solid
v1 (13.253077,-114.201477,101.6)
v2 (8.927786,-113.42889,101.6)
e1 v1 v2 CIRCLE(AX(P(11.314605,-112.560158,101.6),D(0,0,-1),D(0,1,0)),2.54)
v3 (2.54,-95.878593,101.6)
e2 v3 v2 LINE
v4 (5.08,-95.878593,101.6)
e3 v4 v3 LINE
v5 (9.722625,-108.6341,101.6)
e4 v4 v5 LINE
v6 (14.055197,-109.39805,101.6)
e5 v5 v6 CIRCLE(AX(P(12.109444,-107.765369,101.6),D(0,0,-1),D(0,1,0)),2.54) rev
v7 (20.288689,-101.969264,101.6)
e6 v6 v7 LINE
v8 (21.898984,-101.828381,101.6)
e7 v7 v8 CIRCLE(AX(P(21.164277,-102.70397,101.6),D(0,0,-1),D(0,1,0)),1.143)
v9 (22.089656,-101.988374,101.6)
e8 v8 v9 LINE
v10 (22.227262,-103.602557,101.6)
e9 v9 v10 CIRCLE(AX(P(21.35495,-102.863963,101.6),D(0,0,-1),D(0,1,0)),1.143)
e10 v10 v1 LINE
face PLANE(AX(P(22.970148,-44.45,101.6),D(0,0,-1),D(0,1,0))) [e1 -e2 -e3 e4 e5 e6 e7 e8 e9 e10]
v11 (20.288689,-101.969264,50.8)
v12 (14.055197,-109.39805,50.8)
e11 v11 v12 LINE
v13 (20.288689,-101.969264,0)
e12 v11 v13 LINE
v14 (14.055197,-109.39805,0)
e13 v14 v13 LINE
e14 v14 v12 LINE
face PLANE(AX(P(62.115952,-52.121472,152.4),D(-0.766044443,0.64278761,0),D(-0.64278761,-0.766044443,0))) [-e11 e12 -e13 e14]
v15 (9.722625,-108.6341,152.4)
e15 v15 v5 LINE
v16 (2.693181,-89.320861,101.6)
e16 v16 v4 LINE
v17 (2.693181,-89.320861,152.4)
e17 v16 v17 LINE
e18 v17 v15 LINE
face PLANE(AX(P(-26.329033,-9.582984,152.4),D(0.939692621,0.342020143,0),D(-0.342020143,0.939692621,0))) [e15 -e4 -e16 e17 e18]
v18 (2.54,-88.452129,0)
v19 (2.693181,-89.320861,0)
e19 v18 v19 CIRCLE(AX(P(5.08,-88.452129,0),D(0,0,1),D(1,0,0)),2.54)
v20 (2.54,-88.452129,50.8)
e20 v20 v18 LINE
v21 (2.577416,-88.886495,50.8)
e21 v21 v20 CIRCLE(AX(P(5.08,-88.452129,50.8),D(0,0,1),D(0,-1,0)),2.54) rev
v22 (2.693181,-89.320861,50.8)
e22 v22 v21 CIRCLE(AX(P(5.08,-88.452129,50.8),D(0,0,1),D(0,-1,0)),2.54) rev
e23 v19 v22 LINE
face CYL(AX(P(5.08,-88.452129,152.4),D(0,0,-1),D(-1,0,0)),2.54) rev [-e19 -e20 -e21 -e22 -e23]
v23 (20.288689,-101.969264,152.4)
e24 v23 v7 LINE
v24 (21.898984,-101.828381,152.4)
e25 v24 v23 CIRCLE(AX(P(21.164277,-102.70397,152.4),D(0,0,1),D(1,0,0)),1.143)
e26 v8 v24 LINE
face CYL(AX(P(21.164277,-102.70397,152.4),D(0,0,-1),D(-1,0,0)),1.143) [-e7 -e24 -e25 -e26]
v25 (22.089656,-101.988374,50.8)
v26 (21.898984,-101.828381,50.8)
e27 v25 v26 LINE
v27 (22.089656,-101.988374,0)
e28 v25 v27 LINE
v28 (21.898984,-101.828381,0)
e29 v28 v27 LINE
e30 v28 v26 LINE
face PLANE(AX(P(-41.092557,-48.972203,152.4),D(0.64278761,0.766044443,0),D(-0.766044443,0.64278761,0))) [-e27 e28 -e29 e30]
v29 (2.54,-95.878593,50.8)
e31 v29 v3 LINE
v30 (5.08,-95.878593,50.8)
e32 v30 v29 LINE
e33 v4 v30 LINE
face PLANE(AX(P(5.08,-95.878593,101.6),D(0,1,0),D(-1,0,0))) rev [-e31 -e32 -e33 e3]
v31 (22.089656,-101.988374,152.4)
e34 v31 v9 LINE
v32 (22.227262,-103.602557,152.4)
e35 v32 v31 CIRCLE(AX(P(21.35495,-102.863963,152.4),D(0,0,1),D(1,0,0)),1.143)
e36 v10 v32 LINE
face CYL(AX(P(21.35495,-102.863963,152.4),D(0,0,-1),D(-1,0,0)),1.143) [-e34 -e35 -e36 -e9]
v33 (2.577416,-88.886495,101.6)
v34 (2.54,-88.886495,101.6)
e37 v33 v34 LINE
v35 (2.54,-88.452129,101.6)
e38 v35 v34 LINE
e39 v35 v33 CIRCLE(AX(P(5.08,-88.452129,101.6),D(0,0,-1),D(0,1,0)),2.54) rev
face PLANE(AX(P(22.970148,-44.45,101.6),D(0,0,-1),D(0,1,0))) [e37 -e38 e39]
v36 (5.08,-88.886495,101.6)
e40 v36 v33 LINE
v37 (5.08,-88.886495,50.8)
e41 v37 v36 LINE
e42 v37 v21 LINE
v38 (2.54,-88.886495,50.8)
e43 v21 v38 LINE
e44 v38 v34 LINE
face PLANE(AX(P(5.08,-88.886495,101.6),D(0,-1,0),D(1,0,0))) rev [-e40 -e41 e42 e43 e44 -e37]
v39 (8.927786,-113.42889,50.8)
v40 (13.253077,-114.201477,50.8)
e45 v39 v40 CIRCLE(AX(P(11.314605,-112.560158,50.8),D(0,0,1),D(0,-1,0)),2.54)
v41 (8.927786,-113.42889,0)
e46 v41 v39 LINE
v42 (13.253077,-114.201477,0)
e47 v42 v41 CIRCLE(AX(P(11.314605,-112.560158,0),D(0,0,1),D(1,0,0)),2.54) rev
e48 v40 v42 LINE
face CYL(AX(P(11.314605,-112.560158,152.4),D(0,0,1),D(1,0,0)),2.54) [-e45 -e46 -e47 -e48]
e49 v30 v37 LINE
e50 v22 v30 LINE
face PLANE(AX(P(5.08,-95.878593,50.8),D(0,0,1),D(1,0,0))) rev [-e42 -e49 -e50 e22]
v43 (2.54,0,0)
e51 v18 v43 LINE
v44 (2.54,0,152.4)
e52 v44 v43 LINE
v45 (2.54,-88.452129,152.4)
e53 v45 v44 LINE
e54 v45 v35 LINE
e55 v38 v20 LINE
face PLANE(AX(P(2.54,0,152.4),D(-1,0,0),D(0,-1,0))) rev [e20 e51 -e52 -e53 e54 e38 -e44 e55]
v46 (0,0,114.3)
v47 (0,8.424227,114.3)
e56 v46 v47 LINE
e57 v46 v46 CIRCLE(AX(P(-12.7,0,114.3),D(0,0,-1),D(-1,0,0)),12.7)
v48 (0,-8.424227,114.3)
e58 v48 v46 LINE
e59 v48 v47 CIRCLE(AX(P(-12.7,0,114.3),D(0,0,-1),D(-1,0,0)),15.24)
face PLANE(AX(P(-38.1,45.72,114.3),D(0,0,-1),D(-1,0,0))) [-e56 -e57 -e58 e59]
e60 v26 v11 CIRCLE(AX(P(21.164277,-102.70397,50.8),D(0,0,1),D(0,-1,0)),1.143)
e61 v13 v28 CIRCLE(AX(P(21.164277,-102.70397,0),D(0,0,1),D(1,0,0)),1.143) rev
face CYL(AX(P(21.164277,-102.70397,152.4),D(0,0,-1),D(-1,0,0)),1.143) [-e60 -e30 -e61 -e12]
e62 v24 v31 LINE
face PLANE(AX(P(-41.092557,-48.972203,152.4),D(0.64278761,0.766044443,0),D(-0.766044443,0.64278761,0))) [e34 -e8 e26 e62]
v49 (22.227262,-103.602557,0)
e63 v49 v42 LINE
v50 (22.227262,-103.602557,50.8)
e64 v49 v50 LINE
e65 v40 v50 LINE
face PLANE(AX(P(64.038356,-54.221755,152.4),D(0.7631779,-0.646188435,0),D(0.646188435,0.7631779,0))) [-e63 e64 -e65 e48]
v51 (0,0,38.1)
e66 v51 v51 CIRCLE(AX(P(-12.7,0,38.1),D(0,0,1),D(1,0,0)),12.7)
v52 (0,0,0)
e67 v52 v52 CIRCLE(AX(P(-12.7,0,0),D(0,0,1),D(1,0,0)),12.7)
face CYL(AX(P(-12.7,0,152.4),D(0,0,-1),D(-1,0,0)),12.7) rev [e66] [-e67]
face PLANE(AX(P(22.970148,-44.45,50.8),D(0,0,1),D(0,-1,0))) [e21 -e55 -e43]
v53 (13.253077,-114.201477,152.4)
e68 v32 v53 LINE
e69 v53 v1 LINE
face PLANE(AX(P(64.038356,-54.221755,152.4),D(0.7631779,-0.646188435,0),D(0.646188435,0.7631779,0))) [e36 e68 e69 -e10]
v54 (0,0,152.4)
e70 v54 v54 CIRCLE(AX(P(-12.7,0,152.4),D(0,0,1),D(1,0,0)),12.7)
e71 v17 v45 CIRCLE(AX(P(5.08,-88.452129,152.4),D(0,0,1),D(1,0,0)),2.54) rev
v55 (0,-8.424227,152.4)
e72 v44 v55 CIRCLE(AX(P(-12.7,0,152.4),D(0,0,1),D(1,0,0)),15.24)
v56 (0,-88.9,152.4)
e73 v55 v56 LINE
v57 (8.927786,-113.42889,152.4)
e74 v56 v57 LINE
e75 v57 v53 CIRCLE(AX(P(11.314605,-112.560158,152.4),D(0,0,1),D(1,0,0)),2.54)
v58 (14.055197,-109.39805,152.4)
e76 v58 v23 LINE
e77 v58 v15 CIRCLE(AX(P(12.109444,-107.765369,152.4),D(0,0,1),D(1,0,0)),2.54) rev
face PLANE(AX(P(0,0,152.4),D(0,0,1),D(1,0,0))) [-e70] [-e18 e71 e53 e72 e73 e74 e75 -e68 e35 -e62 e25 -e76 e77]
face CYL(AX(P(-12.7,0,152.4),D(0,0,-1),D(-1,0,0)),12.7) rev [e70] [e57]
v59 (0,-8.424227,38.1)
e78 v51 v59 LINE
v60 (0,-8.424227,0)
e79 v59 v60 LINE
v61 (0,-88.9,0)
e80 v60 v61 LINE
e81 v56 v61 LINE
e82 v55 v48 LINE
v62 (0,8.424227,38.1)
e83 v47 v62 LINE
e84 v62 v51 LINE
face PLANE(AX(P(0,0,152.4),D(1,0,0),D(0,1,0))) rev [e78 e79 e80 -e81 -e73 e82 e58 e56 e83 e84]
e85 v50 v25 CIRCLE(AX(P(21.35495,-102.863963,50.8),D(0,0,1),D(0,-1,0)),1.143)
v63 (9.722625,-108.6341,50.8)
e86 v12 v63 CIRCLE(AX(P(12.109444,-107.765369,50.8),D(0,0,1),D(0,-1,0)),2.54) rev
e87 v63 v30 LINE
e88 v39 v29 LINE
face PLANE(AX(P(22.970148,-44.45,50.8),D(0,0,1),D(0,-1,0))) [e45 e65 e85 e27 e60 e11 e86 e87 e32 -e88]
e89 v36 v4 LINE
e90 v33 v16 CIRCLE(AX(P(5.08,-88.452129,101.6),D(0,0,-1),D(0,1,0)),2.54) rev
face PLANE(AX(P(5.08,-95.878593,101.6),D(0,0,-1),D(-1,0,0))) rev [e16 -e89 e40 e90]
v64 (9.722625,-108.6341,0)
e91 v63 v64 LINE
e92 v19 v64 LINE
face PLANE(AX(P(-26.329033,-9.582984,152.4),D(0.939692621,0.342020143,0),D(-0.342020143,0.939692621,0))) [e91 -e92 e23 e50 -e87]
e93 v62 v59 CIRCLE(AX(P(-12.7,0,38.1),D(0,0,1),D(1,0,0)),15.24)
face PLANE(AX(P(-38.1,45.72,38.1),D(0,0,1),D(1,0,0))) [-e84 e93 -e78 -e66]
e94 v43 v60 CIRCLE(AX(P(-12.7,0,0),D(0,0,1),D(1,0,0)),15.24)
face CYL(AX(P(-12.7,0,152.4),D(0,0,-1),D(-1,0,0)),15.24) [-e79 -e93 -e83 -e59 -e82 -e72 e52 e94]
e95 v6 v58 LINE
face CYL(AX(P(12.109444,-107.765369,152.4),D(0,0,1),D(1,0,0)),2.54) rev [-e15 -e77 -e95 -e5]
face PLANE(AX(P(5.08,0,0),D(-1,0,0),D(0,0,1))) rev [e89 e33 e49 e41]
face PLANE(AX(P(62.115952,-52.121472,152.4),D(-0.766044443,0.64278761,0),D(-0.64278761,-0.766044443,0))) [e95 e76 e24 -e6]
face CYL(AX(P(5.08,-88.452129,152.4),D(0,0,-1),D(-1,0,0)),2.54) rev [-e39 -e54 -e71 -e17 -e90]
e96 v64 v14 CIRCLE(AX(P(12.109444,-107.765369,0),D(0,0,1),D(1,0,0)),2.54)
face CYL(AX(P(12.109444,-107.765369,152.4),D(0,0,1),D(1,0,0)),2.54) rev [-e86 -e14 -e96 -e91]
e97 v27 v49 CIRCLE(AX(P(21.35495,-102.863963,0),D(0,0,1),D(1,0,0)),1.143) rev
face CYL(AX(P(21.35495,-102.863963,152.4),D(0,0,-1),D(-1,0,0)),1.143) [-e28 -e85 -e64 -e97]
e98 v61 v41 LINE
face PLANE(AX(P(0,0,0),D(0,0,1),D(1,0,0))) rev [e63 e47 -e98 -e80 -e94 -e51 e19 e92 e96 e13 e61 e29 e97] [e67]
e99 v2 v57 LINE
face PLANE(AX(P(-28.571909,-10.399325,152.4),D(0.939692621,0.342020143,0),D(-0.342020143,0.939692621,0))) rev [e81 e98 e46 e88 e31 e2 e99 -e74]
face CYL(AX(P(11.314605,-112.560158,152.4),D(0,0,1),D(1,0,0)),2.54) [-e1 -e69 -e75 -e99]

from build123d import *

# Parameters (mm, degrees)
SKETCH1_R           = 12.7
BOSS_EXTRUDE1_DEPTH = 152.4
CUT_EXTRUDE1_REACH  = 196.861
SKETCH2_W           = 50.8
SKETCH2_H           = 91.59656884
FILLET1_R           = 2.54
FILLET3_R           = 1.143
SKETCH4_W           = 76.2
SKETCH4_H           = 60.96
CUT_EXTRUDE3_DEPTH  = 38.1
SKETCH5_W           = 50.8
SKETCH5_H           = 6.992097594
BOSS_EXTRUDE2_DEPTH = 2.54


with BuildPart() as part:
    # Sketch1 → Boss-Extrude1 (new body)
    # profile 1 of 4: a face of its own
    with BuildSketch(Plane.XY):
        with BuildLine():
            Line((0, -8.424226968), (0, 0))
            Line((0, 0), (2.54, 0))
            ThreePointArc((2.54, 0), (-27.291189122, 4.399409051), (0, -8.424226968))
        make_face()
        with Locations(Location((-12.7, 0, 0), (0, 0, 180))):
            Circle(SKETCH1_R, mode=Mode.SUBTRACT)
    # profile 2 of 4: a face of its own
    with BuildSketch(Plane.XY):
        with BuildLine():
            Line((2.54, 0), (0, 0))
            Line((0, 0), (0, -8.424226968))
            ThreePointArc((0, -8.424226968), (1.891189122, -4.399409051), (2.54, 0))
        make_face()
    # profile 3 of 4: a face of its own
    with BuildSketch(Plane.XY):
        with BuildLine():
            ThreePointArc((2.54, 0), (1.891189122, -4.399409051), (0, -8.424226968))
            Line((0, -8.424226968), (0, -88.9))
            Line((0, -88.9), (2.54, -88.9))
            Line((2.54, -88.9), (2.54, 0))
        make_face()
    # profile 4 of 4: a face of its own
    with BuildSketch(Plane.XY):
        Polygon((22.969147698, -102.726355783), (10.424773969, -117.541831082), (0, -88.9), (2.54, -88.9), (11.22731164, -112.768192568), (21.023394812, -101.093675255), align=None)
    extrude(amount=BOSS_EXTRUDE1_DEPTH)

    # Sketch2 → Cut-Extrude1 (cut, up to next)
    with BuildSketch(Plane(origin=(2.54, 0, 0), x_dir=(0, 0, -1), z_dir=(1, 0, 0)), mode=Mode.PRIVATE) as cut_extrude1_sk1:
        with Locations((-76.2, -90.24828442)):
            Rectangle(SKETCH2_W, SKETCH2_H)
    cut_extrude1_tool1 = extrude(cut_extrude1_sk1.sketch, amount=CUT_EXTRUDE1_REACH, mode=Mode.PRIVATE) & part.part
    add(cut_extrude1_tool1.solids().sort_by_distance((2.54, -90.248284, 76.2))[0], mode=Mode.SUBTRACT)

    # Fillet1
    fillet1_edges = [part.edges().sort_by_distance(p)[0] for p in [
        (2.54, -88.9, 127),
        (11.22731164, -112.768192568, 127),
        (10.424773969, -117.541831082, 127),
        (2.54, -88.9, 25.4),
        (11.22731164, -112.768192568, 25.4),
        (10.424773969, -117.541831082, 25.4),
    ]]
    fillet(fillet1_edges, radius=FILLET1_R)

    # Fillet3
    fillet3_edges = [part.edges().sort_by_distance(p)[0] for p in [
        (21.023394812, -101.093675255, 127),
        (22.969147698, -102.726355783, 127),
        (21.023394812, -101.093675255, 25.4),
        (22.969147698, -102.726355783, 25.4),
    ]]
    fillet(fillet3_edges, radius=FILLET3_R)

    # Sketch4 → Cut-Extrude3 (cut)
    with BuildSketch(Plane.ZY):
        with Locations((76.2, 15.24)):
            Rectangle(SKETCH4_W, SKETCH4_H)
    extrude(amount=CUT_EXTRUDE3_DEPTH, mode=Mode.SUBTRACT)

    # Sketch5 → Boss-Extrude2 (add)
    with BuildSketch(Plane(origin=(2.54, 0, 0), x_dir=(0, 0, -1), z_dir=(1, 0, 0))):
        with Locations((-76.2, -92.382543848)):
            Rectangle(SKETCH5_W, SKETCH5_H)
    extrude(amount=BOSS_EXTRUDE2_DEPTH)


solid = part.part
